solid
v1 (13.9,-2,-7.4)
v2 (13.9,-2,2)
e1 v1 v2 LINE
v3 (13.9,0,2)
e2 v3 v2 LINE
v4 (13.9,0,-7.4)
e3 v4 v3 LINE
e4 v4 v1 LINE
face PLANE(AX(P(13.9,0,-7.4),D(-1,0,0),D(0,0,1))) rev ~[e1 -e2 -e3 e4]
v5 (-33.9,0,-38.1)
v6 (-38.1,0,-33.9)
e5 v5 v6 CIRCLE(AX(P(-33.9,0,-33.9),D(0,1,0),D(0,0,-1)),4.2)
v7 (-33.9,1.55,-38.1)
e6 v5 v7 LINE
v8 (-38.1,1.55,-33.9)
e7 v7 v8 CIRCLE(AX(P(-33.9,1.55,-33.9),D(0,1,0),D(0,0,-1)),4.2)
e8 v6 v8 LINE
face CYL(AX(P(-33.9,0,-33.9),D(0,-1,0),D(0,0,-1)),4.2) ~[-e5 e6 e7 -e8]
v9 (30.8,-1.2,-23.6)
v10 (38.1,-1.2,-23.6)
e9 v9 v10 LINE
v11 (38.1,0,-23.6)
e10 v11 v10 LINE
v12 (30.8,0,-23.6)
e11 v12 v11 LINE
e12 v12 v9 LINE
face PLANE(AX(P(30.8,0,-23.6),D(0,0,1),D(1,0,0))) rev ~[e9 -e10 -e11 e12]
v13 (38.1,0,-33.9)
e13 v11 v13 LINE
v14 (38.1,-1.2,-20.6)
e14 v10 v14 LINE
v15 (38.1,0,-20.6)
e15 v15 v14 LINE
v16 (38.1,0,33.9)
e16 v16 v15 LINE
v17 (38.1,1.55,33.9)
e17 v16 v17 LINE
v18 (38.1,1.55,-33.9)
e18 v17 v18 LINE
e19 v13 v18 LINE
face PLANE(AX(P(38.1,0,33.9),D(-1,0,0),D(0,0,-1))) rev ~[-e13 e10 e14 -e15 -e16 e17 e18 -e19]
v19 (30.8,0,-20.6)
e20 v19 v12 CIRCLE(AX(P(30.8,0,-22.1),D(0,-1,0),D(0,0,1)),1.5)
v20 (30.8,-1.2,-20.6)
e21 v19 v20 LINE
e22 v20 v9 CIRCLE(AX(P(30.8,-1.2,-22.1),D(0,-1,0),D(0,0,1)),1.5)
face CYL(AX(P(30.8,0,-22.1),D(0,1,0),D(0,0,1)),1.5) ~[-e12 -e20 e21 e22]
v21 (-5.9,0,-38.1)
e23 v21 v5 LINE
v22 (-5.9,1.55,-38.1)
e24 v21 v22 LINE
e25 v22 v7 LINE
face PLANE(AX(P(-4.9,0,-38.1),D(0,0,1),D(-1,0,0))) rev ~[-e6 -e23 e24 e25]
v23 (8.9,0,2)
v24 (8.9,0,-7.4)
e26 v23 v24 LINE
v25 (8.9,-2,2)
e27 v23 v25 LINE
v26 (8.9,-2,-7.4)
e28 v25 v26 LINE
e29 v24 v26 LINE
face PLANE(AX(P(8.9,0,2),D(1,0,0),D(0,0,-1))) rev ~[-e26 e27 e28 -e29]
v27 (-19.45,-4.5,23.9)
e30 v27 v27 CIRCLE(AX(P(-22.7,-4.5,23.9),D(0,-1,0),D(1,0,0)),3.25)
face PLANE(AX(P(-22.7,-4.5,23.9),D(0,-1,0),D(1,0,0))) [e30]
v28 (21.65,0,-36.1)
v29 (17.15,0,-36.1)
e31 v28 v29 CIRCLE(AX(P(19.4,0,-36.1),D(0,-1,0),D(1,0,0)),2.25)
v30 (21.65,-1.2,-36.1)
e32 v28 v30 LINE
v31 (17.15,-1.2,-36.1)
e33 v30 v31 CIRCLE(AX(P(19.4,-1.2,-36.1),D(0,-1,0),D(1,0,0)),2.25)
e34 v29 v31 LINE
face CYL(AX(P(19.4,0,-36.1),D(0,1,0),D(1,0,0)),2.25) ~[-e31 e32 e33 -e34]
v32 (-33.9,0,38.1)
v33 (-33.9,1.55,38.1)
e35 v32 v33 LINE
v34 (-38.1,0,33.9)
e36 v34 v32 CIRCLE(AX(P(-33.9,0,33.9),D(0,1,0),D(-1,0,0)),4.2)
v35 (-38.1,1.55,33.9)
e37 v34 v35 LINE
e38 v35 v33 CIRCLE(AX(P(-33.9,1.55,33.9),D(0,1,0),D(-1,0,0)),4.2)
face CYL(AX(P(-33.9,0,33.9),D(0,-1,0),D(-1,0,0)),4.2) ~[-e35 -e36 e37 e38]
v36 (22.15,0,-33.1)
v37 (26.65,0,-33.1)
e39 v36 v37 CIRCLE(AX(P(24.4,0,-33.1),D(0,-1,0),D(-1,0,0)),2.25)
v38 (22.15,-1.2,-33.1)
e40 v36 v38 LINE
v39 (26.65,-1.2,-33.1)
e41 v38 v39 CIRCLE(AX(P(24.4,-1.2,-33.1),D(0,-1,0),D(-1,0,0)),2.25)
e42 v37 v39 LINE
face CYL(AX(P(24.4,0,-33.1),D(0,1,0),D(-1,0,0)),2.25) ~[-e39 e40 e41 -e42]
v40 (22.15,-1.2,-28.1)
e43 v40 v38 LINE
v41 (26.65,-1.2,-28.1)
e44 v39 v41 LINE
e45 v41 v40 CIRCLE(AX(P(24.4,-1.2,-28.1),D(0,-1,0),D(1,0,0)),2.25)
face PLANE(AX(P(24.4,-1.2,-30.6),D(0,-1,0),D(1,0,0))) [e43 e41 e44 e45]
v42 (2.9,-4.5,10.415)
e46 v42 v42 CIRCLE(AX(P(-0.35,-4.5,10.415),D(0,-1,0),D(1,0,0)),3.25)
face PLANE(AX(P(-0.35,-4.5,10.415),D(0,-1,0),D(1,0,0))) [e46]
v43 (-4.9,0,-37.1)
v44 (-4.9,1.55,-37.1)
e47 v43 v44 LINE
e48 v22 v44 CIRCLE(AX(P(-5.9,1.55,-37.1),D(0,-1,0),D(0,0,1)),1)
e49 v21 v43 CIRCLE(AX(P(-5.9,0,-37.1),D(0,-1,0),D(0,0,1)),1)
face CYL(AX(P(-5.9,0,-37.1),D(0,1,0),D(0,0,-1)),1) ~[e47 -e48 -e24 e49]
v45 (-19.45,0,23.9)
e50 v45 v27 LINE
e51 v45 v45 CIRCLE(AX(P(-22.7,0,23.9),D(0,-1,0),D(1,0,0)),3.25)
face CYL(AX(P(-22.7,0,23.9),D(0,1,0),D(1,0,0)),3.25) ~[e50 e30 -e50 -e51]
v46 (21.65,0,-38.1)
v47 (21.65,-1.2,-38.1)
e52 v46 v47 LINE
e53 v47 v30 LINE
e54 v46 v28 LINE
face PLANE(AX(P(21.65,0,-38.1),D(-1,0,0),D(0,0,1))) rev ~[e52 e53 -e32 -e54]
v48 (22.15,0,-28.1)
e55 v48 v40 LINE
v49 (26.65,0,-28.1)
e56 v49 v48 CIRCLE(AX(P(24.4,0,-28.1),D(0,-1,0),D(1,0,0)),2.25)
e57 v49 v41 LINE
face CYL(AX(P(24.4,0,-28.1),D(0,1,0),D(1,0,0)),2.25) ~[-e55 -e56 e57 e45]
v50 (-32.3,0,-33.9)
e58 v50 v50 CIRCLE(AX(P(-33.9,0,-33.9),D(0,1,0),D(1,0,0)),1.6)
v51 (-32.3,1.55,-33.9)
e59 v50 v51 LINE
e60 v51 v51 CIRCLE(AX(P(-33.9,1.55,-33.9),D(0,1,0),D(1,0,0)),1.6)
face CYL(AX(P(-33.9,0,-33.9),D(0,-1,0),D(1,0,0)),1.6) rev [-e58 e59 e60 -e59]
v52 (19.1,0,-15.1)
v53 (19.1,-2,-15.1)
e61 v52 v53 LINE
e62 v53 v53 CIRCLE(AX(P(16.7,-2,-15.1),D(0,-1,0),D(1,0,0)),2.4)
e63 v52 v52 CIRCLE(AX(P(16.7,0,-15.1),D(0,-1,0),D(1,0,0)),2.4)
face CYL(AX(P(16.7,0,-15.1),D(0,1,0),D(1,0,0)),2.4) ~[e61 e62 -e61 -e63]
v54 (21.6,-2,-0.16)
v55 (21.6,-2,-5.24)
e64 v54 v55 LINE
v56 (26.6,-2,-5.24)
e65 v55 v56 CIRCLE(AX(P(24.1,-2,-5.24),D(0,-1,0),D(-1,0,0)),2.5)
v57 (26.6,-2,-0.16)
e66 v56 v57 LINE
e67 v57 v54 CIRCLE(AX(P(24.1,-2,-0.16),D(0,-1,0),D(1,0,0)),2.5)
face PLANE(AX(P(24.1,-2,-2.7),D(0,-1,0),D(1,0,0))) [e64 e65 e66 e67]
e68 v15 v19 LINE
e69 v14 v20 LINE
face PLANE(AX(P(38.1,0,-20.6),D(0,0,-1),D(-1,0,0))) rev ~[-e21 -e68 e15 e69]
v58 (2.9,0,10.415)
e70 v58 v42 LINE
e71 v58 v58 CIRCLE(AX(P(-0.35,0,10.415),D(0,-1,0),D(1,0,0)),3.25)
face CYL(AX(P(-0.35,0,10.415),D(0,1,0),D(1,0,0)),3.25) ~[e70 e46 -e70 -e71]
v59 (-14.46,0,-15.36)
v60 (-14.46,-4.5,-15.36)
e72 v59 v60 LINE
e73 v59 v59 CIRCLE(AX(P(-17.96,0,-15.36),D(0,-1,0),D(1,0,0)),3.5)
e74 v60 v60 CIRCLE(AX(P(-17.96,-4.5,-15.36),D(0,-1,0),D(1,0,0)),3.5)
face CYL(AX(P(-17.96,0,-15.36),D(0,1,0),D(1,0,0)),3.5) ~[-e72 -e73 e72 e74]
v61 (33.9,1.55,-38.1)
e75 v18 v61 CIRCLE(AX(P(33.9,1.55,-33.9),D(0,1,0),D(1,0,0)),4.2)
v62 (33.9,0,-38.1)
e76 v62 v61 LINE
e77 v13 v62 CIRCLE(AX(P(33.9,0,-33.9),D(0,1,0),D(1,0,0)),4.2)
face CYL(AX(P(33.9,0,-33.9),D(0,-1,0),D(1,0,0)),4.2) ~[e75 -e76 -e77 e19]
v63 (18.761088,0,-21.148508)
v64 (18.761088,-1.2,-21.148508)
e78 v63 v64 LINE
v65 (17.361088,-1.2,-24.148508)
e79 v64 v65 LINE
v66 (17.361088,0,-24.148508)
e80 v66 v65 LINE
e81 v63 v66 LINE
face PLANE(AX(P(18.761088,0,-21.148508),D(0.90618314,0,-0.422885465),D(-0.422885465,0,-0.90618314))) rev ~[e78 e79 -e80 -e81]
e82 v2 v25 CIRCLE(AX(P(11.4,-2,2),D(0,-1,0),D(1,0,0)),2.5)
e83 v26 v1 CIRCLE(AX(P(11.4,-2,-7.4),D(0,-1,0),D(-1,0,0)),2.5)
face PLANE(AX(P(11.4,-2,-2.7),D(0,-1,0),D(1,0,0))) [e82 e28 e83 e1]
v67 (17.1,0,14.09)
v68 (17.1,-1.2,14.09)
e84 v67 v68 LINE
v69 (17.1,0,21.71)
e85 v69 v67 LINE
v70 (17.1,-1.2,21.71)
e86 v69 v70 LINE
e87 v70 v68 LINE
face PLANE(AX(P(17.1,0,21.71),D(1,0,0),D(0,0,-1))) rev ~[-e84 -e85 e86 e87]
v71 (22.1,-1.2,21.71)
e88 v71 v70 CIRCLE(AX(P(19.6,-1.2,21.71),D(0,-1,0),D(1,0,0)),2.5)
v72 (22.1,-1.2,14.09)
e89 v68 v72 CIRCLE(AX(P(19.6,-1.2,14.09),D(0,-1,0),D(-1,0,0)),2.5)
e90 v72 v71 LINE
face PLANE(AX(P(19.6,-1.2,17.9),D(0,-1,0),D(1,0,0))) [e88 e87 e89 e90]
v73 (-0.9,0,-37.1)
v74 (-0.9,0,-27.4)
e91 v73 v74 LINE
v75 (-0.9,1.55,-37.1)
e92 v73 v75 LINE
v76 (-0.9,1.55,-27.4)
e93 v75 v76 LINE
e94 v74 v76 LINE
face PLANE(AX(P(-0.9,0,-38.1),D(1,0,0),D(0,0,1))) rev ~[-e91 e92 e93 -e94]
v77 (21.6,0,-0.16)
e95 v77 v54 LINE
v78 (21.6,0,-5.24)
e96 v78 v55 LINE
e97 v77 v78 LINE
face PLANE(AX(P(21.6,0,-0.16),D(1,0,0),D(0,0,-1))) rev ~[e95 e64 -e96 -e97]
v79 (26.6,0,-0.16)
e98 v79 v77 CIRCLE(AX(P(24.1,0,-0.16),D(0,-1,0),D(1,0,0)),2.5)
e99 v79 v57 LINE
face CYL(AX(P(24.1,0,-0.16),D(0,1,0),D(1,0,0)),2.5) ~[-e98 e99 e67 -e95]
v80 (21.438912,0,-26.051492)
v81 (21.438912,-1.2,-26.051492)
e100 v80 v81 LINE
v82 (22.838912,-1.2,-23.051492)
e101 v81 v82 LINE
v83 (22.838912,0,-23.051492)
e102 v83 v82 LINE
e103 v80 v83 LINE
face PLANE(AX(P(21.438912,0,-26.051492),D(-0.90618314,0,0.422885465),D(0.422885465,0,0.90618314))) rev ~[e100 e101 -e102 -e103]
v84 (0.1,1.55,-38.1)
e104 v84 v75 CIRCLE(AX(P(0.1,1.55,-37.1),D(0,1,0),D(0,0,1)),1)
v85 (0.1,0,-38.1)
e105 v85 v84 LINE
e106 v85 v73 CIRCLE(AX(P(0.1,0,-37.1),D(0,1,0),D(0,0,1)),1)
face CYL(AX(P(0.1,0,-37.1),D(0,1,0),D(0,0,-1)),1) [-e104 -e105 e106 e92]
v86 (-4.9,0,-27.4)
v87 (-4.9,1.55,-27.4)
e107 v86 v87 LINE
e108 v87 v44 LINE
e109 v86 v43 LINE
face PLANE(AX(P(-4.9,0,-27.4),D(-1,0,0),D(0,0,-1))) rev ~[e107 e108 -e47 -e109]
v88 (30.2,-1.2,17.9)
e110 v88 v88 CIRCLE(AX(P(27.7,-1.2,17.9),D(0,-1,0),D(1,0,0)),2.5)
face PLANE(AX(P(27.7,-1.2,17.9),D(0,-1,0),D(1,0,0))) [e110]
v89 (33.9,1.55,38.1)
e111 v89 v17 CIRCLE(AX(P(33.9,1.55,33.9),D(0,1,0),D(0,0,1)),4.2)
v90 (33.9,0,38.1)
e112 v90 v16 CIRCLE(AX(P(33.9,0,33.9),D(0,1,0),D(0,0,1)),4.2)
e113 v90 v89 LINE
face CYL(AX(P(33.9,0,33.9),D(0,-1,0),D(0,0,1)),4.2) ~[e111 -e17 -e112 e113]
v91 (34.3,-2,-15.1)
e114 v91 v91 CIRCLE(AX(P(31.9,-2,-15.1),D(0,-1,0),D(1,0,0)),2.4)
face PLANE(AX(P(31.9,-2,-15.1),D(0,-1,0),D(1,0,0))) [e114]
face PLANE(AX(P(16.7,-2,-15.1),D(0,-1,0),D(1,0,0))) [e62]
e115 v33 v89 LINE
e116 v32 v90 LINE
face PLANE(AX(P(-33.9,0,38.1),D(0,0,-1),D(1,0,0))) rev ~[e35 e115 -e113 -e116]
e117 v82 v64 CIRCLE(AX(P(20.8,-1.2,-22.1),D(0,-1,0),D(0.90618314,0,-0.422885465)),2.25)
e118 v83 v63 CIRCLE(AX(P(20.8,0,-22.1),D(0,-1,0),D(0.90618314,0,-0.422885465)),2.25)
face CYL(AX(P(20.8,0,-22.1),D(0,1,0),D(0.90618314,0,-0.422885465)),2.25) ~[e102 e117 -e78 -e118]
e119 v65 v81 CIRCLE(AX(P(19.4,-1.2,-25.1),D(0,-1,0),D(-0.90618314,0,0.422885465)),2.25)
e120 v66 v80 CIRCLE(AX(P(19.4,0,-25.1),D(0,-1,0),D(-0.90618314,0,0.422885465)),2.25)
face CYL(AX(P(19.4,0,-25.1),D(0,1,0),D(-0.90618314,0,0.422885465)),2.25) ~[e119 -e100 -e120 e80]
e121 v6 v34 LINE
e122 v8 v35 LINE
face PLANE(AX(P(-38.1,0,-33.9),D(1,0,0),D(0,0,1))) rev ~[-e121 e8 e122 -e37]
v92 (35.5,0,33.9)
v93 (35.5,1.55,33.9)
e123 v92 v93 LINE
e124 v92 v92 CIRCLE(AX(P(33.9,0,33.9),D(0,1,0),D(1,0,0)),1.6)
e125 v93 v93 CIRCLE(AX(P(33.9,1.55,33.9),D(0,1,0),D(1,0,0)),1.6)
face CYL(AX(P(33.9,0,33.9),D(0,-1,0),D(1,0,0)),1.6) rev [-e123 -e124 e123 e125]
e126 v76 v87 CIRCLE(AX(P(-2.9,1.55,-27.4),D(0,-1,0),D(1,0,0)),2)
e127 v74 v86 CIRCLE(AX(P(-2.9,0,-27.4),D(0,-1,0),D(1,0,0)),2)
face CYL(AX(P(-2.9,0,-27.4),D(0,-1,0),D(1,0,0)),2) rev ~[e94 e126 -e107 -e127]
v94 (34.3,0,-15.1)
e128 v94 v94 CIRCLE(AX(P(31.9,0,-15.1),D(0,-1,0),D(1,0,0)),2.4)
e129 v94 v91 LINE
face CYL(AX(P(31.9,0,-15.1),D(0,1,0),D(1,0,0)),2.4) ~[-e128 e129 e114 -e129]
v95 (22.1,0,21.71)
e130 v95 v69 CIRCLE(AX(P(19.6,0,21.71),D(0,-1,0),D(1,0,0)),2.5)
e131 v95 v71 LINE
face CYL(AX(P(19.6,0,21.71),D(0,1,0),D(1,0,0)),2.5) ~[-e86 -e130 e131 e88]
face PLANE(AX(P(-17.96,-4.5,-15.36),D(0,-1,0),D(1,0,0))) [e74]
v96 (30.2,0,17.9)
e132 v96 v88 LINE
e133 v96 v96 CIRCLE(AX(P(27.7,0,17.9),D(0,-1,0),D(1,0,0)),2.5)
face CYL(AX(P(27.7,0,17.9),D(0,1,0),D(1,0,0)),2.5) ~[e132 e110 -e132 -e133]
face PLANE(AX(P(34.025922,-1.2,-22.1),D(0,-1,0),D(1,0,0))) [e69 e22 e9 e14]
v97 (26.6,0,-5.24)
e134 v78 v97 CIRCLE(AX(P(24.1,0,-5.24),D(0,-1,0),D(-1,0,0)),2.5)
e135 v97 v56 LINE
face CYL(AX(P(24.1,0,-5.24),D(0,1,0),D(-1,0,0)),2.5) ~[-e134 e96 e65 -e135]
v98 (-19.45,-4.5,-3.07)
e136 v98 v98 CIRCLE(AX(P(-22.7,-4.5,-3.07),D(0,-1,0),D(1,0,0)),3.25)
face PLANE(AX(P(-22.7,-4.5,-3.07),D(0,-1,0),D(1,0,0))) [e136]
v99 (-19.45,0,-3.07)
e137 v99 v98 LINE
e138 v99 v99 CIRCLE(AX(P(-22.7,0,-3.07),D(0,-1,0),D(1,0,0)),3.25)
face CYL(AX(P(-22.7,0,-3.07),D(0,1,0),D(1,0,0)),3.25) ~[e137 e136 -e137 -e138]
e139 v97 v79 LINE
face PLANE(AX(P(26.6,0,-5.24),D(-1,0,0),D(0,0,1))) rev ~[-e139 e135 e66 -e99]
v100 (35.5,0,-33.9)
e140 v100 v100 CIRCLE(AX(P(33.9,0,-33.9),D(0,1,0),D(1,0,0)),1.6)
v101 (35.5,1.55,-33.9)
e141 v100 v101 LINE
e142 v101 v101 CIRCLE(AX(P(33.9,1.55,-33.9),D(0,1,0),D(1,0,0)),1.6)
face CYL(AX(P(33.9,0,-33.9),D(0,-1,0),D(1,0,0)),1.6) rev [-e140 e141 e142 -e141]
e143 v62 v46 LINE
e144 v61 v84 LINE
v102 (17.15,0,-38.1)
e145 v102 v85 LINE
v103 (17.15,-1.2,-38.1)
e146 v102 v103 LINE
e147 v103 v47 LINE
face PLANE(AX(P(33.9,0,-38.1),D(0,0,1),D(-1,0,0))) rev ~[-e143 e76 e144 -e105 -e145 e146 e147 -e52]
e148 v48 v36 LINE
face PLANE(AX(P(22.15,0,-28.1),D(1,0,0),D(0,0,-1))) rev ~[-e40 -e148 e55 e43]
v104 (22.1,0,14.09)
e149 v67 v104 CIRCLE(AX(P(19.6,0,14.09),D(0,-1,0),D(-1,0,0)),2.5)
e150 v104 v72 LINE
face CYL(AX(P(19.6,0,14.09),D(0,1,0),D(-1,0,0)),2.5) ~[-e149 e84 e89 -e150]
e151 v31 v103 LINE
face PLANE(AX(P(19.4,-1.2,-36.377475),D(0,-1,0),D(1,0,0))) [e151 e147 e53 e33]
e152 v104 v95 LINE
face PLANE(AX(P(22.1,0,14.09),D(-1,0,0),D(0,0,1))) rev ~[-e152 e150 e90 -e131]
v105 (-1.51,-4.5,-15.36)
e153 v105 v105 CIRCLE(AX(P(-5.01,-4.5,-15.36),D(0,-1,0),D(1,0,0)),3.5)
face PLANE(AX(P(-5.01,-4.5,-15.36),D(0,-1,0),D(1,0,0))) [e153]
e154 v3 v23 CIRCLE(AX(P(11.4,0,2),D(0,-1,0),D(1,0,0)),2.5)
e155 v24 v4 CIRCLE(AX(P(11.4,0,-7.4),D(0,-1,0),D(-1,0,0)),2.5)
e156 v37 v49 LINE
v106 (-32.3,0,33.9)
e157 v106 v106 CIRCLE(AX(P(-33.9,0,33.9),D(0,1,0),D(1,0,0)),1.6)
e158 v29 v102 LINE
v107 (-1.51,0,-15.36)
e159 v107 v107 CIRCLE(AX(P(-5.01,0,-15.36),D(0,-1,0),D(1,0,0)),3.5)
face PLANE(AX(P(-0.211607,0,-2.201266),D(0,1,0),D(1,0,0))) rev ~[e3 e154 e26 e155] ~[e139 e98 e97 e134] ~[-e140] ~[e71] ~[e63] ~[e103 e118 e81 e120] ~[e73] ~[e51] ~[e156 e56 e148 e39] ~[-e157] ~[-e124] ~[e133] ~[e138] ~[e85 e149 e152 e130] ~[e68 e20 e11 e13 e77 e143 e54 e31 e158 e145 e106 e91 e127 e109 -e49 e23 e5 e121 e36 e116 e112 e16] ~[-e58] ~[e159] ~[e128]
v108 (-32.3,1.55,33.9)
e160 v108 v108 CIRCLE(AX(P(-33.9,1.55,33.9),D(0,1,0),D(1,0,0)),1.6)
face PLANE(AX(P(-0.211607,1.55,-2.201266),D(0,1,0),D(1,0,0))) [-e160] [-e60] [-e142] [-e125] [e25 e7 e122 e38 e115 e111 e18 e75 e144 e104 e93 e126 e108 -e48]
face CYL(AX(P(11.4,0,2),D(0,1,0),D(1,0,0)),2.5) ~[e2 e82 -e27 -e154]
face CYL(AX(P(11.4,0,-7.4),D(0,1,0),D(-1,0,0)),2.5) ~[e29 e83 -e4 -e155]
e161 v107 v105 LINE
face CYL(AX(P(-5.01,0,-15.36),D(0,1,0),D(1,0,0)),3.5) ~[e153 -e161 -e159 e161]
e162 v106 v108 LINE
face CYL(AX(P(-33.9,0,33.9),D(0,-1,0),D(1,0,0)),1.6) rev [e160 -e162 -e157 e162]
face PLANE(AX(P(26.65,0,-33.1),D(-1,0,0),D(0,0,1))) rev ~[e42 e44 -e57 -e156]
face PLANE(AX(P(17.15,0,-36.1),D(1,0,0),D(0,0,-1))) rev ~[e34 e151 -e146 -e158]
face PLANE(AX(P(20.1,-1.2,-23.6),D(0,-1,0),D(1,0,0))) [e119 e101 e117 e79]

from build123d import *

# Parameters (mm, degrees)
BASE_PLATE_R    = 1.6
EXTRUDE_1_DEPTH = 1.55
FILLET_1_R      = 1
SKETCH_1_R      = 3.25
SKETCH_1_R_2    = 3.5
EXTRUDE_2_DEPTH = 4.5
SKETCH_1_3_R    = 2.4
EXTRUDE_3_DEPTH = 2
SKETCH_1_4_R    = 2.5
EXTRUDE_4_DEPTH = 1.2


with BuildPart() as part:
    # Base plate → 凸台-拉伸1 (new body)
    with BuildSketch(Plane(origin=(0, 0, 0), x_dir=(1, 0, 0), z_dir=(0, 1, 0))):
        with BuildLine():
            ThreePointArc((-38.1, -33.9), (-36.869848481, -36.869848481), (-33.9, -38.1))
            Line((-33.9, -38.1), (33.9, -38.1))
            ThreePointArc((33.9, -38.1), (36.869848481, -36.869848481), (38.1, -33.9))
            Line((38.1, -33.9), (38.1, 33.9))
            ThreePointArc((38.1, 33.9), (36.869848481, 36.869848481), (33.9, 38.1))
            Line((33.9, 38.1), (-0.9, 38.1))
            Line((-0.9, 38.1), (-0.9, 27.4))
            ThreePointArc((-0.9, 27.4), (-2.9, 25.4), (-4.9, 27.4))
            Line((-4.9, 27.4), (-4.9, 38.1))
            Line((-4.9, 38.1), (-33.9, 38.1))
            ThreePointArc((-33.9, 38.1), (-36.869848481, 36.869848481), (-38.1, 33.9))
            Line((-38.1, 33.9), (-38.1, -33.9))
        make_face()
        with Locations((-33.9, -33.9)):
            Circle(BASE_PLATE_R, mode=Mode.SUBTRACT)
        with Locations((33.9, -33.9)):
            Circle(BASE_PLATE_R, mode=Mode.SUBTRACT)
        with Locations((-33.9, 33.9)):
            Circle(BASE_PLATE_R, mode=Mode.SUBTRACT)
        with Locations((33.9, 33.9)):
            Circle(BASE_PLATE_R, mode=Mode.SUBTRACT)
    extrude(amount=EXTRUDE_1_DEPTH)

    # 圆角1
    fillet_1_edges = [part.edges().sort_by_distance(p)[0] for p in [
        (-4.9, 0.775, -38.1),
        (-0.9, 0.775, -38.1),
    ]]
    fillet(fillet_1_edges, radius=FILLET_1_R)

    # 草图1 → 凸台-拉伸2 (add)
    with BuildSketch(Plane.XZ):
        with Locations((-22.7, 23.9)):
            Circle(SKETCH_1_R)
        with Locations((-0.35, 10.415)):
            Circle(SKETCH_1_R)
        with Locations((-22.7, -3.07)):
            Circle(SKETCH_1_R)
        with Locations((-17.96, -15.36)):
            Circle(SKETCH_1_R_2)
        with Locations((-5.01, -15.36)):
            Circle(SKETCH_1_R_2)
    extrude(amount=EXTRUDE_2_DEPTH)

    # 草图1<3> → 凸台-拉伸3 (add)
    with BuildSketch(Plane.XZ):
        with BuildLine():
            Line((13.9, -7.4), (13.9, 2))
            ThreePointArc((13.9, 2), (11.4, 4.5), (8.9, 2))
            Line((8.9, 2), (8.9, -7.4))
            ThreePointArc((8.9, -7.4), (11.4, -9.9), (13.9, -7.4))
        make_face()
        with BuildLine():
            Line((26.6, -5.24), (26.6, -0.16))
            ThreePointArc((26.6, -0.16), (24.1, 2.34), (21.6, -0.16))
            Line((21.6, -0.16), (21.6, -5.24))
            ThreePointArc((21.6, -5.24), (24.1, -7.74), (26.6, -5.24))
        make_face()
        with Locations((16.7, -15.1)):
            Circle(SKETCH_1_3_R)
        with Locations((31.9, -15.1)):
            Circle(SKETCH_1_3_R)
    extrude(amount=EXTRUDE_3_DEPTH)

    # 草图1<4> → 凸台-拉伸4 (add)
    with BuildSketch(Plane.XZ):
        with BuildLine():
            Line((22.1, 14.09), (22.1, 21.71))
            ThreePointArc((22.1, 21.71), (19.6, 24.21), (17.1, 21.71))
            Line((17.1, 21.71), (17.1, 14.09))
            ThreePointArc((17.1, 14.09), (19.6, 11.59), (22.1, 14.09))
        make_face()
        with BuildLine():
            Line((38.1, -20.6), (30.8, -20.6))
            ThreePointArc((30.8, -20.6), (29.3, -22.1), (30.8, -23.6))
            Line((30.8, -23.6), (38.1, -23.6))
            Line((38.1, -23.6), (38.1, -20.6))
        make_face()
        with BuildLine():
            Line((26.65, -33.1), (26.65, -28.1))
            ThreePointArc((26.65, -28.1), (24.4, -25.85), (22.15, -28.1))
            Line((22.15, -28.1), (22.15, -33.1))
            ThreePointArc((22.15, -33.1), (24.4, -35.35), (26.65, -33.1))
        make_face()
        with BuildLine():
            Line((21.438912065, -26.051492297), (22.838912065, -23.051492297))
            ThreePointArc((22.838912065, -23.051492297), (21.751492297, -20.061087935), (18.761087935, -21.148507703))
            Line((18.761087935, -21.148507703), (17.361087935, -24.148507703))
            ThreePointArc((17.361087935, -24.148507703), (18.448507703, -27.138912065), (21.438912065, -26.051492297))
        make_face()
        with BuildLine():
            Line((21.65, -38.1), (21.65, -36.1))
            ThreePointArc((21.65, -36.1), (19.4, -33.85), (17.15, -36.1))
            Line((17.15, -36.1), (17.15, -38.1))
            Line((17.15, -38.1), (21.65, -38.1))
        make_face()
        with Locations((27.7, 17.9)):
            Circle(SKETCH_1_4_R)
    extrude(amount=EXTRUDE_4_DEPTH)


solid = part.part
